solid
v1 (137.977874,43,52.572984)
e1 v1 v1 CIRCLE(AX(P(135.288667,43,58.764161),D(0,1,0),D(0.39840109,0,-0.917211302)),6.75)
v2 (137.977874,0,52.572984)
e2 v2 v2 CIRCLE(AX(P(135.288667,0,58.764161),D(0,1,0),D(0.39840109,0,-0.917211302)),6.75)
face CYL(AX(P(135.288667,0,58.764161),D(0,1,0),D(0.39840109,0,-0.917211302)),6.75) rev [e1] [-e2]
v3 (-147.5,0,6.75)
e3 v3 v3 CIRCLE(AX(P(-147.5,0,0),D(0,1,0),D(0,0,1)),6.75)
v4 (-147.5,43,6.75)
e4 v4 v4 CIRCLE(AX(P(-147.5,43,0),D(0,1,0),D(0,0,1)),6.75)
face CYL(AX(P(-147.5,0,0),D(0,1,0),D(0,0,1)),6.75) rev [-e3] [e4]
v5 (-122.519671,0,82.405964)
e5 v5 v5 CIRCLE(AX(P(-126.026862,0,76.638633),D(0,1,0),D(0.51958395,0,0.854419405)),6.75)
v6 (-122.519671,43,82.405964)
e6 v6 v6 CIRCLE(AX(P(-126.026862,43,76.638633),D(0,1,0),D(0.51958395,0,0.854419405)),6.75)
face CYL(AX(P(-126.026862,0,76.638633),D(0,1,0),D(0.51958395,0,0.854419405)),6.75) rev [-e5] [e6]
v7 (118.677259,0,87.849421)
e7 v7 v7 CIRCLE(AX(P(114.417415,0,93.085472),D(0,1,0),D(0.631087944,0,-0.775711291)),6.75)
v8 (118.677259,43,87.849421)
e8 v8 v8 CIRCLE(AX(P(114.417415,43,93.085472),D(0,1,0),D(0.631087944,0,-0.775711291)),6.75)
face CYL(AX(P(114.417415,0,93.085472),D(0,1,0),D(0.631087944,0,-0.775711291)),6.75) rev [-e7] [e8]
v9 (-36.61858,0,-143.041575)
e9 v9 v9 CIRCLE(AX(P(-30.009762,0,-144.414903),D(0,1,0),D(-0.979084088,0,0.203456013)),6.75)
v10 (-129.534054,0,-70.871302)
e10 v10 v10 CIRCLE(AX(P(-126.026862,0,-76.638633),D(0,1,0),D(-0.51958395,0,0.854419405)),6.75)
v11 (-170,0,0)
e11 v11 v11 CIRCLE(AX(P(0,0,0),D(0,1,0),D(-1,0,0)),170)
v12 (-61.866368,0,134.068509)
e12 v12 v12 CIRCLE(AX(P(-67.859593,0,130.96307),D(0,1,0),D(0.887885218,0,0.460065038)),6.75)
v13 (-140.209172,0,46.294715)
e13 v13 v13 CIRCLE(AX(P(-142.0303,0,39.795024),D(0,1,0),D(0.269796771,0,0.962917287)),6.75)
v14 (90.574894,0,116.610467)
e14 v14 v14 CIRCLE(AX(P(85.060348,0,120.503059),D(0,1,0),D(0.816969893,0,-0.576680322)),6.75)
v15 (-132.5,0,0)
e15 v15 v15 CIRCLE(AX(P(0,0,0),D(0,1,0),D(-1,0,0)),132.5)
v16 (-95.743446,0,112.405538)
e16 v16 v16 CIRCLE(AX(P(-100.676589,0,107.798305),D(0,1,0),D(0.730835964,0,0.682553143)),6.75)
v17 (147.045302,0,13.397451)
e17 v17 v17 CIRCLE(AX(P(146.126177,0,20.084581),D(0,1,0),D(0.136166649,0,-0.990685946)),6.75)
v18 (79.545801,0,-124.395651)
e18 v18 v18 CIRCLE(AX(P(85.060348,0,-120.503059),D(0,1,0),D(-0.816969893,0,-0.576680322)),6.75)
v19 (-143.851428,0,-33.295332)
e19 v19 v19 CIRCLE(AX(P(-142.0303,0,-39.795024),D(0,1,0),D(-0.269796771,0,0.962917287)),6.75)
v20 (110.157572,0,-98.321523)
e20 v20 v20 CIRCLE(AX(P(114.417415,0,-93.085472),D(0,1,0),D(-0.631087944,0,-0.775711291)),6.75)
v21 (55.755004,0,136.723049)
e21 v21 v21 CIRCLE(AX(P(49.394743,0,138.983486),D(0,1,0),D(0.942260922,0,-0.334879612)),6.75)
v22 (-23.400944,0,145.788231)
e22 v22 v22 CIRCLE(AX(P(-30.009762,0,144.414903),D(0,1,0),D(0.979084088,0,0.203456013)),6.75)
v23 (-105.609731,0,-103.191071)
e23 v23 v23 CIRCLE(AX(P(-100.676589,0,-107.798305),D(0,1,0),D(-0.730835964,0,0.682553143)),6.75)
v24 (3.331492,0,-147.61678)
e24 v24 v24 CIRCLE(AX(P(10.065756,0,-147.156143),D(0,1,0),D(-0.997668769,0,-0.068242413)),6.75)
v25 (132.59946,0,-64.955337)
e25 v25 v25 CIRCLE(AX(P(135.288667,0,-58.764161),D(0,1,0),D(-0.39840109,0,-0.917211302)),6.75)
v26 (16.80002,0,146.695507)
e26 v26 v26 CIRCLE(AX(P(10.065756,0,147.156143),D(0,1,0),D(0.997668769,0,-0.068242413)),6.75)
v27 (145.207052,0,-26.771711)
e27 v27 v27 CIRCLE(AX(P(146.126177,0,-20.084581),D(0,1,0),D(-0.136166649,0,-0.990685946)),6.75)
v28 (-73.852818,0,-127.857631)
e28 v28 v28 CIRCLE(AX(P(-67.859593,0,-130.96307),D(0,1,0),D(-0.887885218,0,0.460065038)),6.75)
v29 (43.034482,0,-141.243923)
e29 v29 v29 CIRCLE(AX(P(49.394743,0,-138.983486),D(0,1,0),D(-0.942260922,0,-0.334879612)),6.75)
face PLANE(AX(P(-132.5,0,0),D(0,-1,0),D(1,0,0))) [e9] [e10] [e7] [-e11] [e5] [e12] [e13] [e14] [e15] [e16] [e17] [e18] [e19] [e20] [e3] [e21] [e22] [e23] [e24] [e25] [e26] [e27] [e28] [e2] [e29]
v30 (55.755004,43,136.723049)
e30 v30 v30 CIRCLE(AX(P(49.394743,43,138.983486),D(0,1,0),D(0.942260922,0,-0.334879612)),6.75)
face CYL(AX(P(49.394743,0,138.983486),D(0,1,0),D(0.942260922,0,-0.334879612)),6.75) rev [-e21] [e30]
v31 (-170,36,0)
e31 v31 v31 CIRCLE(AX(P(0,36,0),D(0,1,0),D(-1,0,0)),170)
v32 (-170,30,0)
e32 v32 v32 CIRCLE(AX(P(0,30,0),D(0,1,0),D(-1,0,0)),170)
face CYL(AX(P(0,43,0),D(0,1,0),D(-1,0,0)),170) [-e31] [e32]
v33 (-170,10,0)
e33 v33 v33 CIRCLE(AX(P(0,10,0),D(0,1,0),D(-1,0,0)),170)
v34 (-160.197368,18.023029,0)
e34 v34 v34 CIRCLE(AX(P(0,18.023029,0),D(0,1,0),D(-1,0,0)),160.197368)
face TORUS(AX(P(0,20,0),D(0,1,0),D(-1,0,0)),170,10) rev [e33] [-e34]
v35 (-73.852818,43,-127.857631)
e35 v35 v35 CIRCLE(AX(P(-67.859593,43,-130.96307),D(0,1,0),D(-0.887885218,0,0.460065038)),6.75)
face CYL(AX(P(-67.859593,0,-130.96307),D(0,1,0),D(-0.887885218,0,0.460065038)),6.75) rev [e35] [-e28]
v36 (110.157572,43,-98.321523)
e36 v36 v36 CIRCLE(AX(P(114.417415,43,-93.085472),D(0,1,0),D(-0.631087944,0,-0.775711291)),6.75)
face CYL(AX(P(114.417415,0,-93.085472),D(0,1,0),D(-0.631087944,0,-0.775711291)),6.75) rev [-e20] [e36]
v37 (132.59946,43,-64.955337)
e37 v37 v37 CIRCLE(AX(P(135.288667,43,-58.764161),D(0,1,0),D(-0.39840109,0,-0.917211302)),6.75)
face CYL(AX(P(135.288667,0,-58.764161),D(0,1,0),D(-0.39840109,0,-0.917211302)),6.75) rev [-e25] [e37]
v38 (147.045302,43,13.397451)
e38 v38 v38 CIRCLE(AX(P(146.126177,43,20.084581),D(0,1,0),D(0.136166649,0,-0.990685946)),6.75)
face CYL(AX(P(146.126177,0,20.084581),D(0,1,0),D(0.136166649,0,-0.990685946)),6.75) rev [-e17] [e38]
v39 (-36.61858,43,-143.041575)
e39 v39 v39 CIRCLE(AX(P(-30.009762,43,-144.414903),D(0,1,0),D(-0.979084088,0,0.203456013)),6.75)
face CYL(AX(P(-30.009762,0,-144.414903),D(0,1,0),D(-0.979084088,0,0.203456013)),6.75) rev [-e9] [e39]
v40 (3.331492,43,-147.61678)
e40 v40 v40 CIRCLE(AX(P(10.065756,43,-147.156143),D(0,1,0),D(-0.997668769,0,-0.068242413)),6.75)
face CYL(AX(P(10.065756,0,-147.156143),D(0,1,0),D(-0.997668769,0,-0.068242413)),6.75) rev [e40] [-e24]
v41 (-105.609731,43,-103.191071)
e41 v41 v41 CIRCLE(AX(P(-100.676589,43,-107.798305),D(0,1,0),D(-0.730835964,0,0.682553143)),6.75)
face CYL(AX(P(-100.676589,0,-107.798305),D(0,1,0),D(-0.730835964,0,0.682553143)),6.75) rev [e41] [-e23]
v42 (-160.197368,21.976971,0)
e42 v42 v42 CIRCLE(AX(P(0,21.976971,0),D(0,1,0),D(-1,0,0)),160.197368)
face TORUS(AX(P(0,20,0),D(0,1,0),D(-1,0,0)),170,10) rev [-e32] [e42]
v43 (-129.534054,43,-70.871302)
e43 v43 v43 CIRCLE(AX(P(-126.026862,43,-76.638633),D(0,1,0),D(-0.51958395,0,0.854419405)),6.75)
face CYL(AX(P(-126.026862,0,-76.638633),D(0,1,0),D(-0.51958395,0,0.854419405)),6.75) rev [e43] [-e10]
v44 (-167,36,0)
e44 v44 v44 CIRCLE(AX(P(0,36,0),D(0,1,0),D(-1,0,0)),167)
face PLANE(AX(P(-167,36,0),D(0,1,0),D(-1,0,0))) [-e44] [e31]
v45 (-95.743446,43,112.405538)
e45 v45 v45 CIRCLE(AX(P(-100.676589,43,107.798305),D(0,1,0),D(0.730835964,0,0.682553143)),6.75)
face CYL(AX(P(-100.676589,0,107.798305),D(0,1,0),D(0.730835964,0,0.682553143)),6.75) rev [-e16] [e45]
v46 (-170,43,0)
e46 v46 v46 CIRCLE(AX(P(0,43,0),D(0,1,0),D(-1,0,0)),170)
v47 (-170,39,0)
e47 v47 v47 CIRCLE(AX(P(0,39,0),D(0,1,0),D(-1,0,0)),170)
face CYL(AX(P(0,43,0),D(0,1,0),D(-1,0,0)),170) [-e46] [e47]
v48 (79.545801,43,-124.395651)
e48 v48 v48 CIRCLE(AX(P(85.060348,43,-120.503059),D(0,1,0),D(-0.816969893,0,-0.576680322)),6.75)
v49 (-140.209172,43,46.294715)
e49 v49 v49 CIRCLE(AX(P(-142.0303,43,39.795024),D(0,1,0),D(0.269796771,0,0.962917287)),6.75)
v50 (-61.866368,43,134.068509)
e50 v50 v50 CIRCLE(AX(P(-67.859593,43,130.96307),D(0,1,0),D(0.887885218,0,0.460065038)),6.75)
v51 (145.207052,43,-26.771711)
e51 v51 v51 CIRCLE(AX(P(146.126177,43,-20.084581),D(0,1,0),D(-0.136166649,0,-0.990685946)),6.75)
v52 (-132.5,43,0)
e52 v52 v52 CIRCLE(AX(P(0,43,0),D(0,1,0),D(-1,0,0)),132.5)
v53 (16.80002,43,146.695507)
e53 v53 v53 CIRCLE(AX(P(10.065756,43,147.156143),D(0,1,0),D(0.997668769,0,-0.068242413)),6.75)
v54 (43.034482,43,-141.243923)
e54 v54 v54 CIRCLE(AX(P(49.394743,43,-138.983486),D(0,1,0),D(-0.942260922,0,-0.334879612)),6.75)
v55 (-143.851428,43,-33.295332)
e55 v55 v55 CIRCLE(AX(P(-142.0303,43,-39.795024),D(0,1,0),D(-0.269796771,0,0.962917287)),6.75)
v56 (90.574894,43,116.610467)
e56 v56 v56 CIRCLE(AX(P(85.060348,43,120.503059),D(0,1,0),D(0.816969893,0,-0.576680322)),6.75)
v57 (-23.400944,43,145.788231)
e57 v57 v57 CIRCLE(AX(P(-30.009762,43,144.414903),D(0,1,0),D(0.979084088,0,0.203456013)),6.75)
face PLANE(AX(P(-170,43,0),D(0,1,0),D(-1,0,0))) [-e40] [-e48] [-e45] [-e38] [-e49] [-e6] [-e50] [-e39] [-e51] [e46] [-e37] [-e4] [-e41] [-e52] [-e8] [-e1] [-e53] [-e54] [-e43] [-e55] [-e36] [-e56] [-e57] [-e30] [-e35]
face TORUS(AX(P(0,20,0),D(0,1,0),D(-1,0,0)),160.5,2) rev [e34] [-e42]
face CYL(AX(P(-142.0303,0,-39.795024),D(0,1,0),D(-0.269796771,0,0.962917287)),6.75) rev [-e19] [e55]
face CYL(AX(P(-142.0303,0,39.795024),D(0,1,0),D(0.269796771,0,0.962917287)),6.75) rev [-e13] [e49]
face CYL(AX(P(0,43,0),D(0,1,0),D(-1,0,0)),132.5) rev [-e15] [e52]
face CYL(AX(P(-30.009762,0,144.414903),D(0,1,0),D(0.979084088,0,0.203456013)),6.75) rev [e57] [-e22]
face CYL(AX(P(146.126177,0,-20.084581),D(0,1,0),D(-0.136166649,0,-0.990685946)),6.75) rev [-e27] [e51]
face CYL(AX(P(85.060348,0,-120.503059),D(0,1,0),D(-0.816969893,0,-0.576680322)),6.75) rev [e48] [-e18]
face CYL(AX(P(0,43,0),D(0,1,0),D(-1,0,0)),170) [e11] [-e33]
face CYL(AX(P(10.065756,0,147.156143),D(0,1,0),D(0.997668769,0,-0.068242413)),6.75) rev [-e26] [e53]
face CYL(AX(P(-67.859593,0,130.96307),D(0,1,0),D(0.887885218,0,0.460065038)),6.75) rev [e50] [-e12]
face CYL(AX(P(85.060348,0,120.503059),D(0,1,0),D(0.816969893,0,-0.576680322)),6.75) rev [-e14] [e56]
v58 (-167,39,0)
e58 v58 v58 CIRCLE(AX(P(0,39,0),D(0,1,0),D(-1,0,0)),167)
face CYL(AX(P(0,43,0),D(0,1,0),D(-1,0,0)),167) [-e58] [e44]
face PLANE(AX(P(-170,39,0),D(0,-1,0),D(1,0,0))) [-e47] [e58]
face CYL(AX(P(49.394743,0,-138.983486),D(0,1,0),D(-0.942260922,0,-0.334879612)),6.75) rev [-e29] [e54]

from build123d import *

# Parameters (mm, degrees)
ESQUISSE4_R                  = 6.75
ENL_V_MAT_EXTRU_2_DEPTH      = 245.231447607
R_P_TITION_CIRCULAIRE1_COUNT = 23


with BuildPart() as part:
    # Esquisse1 → Révolution1 (revolve)
    with BuildSketch(Plane.XY):
        with BuildLine():
            Line((-170, 43), (-170, 39))
            Line((-170, 39), (-167, 39))
            Line((-167, 39), (-167, 36))
            Line((-167, 36), (-170, 36))
            Line((-170, 36), (-170, 30))
            ThreePointArc((-170, 30), (-163.666348189, 27.738530528), (-160.197368421, 21.976970948))
            ThreePointArc((-160.197368421, 21.976970948), (-158.5, 20), (-160.197368421, 18.023029052))
            ThreePointArc((-160.197368421, 18.023029052), (-163.666348189, 12.261469472), (-170, 10))
            Line((-170, 10), (-170, 0))
            Line((-170, 0), (-132.5, 0))
            Line((-132.5, 0), (-132.5, 43))
            Line((-132.5, 43), (-170, 43))
        make_face()
    revolve(axis=Axis((0, 43, 0), (0, -1, 0)))

    # Esquisse4 → Enlèv. mat.-Extru.2 (cut, through all)
    with BuildSketch(Plane(origin=(0, 43, 0), x_dir=(1, 0, 0), z_dir=(0, 1, 0))):
        with Locations((-147.5, 0)):
            Circle(ESQUISSE4_R)
    enl_v_mat_extru_2 = extrude(amount=-ENL_V_MAT_EXTRU_2_DEPTH, mode=Mode.SUBTRACT)

    # Répétition circulaire1: Enlèv. mat.-Extru.2 ×23 about axis
    r_p_tition_circulaire1_axis = Axis((0, 45.15, 0), (0, -1, 0))
    for i in range(1, R_P_TITION_CIRCULAIRE1_COUNT):
        add(enl_v_mat_extru_2.rotate(r_p_tition_circulaire1_axis, i * 360 / R_P_TITION_CIRCULAIRE1_COUNT), mode=Mode.SUBTRACT)


solid = part.part
